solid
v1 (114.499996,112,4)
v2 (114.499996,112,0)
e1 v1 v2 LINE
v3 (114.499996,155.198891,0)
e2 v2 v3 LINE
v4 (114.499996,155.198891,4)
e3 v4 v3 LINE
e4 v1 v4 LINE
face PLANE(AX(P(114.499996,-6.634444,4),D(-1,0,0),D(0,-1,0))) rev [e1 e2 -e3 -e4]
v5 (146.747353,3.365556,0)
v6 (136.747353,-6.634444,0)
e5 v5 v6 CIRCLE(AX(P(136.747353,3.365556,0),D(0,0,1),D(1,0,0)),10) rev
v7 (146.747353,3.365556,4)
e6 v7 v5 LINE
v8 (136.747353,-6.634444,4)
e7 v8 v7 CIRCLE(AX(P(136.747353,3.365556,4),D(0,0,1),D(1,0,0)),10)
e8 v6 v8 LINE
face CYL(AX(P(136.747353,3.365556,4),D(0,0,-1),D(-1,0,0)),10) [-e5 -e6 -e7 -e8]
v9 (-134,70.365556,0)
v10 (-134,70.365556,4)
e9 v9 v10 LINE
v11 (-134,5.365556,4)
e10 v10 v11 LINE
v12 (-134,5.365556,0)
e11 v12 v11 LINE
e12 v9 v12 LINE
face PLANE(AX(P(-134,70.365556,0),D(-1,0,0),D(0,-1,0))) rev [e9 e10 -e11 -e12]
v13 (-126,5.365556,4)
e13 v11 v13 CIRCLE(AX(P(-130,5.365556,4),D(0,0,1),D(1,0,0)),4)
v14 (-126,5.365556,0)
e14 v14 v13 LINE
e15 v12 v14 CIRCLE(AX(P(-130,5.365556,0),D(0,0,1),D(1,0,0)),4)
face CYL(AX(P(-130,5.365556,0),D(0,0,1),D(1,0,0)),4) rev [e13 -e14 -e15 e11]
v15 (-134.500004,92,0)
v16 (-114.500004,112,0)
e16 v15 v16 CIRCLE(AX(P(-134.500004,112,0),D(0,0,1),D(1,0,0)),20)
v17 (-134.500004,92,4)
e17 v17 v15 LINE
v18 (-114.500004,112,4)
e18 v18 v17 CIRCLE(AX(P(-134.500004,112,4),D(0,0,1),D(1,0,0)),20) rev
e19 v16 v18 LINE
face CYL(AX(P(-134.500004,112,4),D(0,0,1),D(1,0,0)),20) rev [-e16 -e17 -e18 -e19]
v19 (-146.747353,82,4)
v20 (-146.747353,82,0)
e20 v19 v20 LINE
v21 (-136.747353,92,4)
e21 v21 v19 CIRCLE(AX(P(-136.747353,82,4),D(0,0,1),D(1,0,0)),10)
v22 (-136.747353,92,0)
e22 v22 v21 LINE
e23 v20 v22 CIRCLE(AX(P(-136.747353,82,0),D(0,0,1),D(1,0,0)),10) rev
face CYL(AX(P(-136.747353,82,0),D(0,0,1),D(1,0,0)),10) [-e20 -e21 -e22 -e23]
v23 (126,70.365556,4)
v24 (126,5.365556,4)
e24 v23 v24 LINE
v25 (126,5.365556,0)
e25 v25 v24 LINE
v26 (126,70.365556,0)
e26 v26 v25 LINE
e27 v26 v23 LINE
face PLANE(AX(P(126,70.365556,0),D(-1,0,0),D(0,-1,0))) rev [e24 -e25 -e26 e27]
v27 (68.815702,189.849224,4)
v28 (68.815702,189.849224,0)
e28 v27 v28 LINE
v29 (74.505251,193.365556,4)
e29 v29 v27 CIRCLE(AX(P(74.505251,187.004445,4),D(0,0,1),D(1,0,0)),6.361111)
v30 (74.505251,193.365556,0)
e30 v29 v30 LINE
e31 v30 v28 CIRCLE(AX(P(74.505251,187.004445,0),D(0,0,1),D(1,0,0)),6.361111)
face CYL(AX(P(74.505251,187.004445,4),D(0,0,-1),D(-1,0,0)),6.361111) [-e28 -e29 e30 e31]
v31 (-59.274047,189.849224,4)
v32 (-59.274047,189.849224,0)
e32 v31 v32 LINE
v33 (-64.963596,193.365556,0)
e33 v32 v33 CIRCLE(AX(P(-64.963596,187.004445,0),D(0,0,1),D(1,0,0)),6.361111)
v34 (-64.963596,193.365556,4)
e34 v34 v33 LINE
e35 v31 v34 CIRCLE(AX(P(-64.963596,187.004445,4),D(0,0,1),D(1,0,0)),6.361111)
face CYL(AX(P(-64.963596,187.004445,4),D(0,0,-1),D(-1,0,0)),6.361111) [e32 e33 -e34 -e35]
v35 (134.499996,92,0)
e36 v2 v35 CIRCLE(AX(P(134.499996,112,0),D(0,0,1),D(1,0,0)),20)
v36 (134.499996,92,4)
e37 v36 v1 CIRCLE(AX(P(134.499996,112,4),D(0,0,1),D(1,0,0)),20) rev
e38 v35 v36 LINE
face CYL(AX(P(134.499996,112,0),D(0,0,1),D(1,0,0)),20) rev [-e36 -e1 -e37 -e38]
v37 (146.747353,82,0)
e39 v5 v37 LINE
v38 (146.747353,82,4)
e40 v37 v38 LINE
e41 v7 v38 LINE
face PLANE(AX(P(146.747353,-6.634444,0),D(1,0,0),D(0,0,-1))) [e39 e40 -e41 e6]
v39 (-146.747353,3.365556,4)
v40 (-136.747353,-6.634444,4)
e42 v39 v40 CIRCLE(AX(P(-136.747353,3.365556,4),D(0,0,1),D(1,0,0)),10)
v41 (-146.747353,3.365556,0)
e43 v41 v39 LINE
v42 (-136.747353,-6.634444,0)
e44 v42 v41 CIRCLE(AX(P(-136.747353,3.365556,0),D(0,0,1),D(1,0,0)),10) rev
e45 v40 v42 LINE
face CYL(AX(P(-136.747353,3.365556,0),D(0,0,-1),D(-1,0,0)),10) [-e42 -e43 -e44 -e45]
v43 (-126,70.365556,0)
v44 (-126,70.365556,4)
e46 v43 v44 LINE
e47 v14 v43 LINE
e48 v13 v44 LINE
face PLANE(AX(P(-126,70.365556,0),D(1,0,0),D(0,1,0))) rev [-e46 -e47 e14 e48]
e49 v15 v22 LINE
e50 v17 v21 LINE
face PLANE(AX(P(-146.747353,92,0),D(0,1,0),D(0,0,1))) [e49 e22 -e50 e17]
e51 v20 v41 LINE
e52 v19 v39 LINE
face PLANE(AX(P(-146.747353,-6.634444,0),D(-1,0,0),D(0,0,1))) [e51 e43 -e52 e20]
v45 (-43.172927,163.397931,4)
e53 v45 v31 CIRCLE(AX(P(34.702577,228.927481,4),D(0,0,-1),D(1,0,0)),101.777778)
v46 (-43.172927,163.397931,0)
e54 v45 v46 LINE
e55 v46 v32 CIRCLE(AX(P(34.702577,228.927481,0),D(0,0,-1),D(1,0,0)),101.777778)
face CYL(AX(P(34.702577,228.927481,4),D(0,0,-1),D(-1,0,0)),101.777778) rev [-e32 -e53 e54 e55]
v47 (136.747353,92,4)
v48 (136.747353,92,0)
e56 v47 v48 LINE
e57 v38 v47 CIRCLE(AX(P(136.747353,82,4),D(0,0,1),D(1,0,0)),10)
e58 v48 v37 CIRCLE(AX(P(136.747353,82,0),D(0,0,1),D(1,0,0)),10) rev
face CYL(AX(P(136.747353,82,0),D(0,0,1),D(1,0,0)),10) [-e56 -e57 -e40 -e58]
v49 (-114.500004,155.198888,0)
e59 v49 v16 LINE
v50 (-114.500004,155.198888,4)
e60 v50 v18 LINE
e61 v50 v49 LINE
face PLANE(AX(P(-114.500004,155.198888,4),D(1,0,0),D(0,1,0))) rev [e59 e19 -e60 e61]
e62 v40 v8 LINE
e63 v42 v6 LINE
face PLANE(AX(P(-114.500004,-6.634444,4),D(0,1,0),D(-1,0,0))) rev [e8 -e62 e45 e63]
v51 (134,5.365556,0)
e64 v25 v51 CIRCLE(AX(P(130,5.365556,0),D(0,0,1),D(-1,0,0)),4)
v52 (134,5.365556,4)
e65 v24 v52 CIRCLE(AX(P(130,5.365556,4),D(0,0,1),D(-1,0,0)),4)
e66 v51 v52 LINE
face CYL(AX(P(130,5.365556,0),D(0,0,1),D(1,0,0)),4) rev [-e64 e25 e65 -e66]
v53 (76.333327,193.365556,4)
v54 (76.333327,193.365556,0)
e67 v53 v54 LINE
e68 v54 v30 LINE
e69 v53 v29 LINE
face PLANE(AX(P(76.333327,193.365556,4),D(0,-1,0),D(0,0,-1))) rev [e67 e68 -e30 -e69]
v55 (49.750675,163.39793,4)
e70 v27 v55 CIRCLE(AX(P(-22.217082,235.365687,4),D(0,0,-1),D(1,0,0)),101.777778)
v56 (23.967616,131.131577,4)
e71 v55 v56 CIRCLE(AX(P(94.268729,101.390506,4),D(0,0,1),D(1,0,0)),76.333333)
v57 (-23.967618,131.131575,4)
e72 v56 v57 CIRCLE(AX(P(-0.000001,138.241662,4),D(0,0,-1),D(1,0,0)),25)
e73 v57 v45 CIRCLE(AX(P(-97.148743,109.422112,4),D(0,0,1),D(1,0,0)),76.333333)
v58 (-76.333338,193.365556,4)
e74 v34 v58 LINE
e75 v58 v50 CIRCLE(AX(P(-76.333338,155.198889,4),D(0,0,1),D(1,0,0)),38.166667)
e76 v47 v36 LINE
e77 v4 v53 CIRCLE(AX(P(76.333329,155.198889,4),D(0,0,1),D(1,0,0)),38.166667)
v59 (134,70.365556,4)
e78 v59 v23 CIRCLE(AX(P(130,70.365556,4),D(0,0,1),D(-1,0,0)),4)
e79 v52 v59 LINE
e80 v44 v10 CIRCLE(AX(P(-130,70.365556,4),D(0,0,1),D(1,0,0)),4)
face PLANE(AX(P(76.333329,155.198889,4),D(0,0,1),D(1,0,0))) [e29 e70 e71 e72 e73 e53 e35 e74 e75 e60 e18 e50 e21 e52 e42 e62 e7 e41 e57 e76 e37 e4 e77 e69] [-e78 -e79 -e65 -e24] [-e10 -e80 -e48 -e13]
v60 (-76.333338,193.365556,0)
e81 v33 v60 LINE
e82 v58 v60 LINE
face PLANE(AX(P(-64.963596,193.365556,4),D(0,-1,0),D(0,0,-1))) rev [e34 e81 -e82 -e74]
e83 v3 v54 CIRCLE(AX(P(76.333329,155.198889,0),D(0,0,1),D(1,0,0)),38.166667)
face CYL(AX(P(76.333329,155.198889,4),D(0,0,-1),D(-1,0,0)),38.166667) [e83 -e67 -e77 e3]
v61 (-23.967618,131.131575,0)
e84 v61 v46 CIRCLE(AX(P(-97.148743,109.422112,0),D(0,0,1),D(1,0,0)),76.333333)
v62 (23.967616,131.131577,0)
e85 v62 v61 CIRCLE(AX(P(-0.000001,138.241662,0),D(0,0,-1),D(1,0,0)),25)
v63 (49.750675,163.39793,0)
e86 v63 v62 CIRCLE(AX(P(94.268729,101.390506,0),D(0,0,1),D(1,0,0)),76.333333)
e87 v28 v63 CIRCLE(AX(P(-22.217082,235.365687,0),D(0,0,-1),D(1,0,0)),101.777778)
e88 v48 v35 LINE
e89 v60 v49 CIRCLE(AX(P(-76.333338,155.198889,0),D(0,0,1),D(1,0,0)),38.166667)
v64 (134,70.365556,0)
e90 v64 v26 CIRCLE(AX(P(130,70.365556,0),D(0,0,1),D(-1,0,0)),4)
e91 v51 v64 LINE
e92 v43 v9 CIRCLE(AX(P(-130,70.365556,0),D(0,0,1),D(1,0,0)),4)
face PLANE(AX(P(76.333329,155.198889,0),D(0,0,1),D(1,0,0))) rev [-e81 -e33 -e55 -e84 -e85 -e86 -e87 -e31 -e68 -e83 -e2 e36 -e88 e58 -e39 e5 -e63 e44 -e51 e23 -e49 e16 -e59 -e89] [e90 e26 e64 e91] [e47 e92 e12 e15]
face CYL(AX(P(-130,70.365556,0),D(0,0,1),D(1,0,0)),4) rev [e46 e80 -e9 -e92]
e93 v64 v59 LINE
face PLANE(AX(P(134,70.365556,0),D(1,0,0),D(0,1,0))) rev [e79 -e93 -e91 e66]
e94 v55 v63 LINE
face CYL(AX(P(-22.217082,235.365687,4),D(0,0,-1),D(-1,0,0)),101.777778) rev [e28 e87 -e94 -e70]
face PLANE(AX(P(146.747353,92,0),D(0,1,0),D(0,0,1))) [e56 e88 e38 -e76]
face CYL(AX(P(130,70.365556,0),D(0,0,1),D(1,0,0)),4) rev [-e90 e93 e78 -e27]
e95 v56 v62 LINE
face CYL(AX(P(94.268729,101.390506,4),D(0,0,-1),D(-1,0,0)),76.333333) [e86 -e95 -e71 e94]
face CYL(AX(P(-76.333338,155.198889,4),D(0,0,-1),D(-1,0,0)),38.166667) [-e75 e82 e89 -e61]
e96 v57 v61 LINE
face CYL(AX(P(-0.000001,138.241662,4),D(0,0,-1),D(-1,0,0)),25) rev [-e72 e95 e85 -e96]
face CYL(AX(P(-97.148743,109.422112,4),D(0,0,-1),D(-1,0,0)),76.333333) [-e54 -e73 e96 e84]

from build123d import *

# Parameters (mm, degrees)
BOSS_EXTRUDE1_DEPTH = 4
SKETCH3_W           = 32.247348798
SKETCH3_H           = 98.634443856
BOSS_EXTRUDE2_DEPTH = 4
FILLET1_R           = 10
FILLET2_R           = 20


with BuildPart() as part:
    # Sketch2 → Boss-Extrude1 (new body)
    with BuildSketch(Plane.XY):
        with BuildLine():
            Line((76.333327253, 193.365556144), (74.505250646, 193.365556144))
            ThreePointArc((74.505250646, 193.365556144), (71.161018329, 192.415530393), (68.815701693, 189.849223982))
            ThreePointArc((68.815701693, 189.849223982), (60.349326569, 175.855147798), (49.750675278, 163.39793034))
            ThreePointArc((49.750675278, 163.39793034), (34.635352262, 149.04171936), (23.967616463, 131.131577079))
            ThreePointArc((23.967616463, 131.131577079), (-2.91e-07, 113.241661662), (-23.967618369, 131.131575305))
            ThreePointArc((-23.967618369, 131.131575305), (-31.555288195, 148.464095417), (-43.172927111, 163.397931257))
            ThreePointArc((-43.172927111, 163.397931257), (-52.235367622, 176.00763771), (-59.274047079, 189.849224193))
            ThreePointArc((-59.274047079, 189.849224193), (-61.61936371, 192.415530455), (-64.963595927, 193.365556144))
            Line((-64.963595927, 193.365556144), (-76.333338023, 193.365556144))
            ThreePointArc((-76.333338023, 193.365556144), (-103.321247, 182.186797795), (-114.500004355, 155.198888406))
            Line((-114.500004355, 155.198888406), (-114.500004355, -6.634443856))
            Line((-114.500004355, -6.634443856), (114.49999565, -6.634443856))
            Line((114.49999565, -6.634443856), (114.49999565, 155.198890546))
            ThreePointArc((114.49999565, 155.198890546), (103.321236808, 182.186799282), (76.333327253, 193.365556144))
        make_face()
    extrude(amount=BOSS_EXTRUDE1_DEPTH)


with BuildPart() as boss_extrude2_tool:
    # Sketch3 → Boss-Extrude2 (new body)
    # profile 1 of 2: a face of its own
    with BuildSketch(Plane.XY.offset(4)):
        with Locations((-130.623678754, 42.682778072)):
            Rectangle(SKETCH3_W, SKETCH3_H)
        with BuildLine():
            Line((-125.999999998, 70.365556144), (-125.999999998, 5.365556144))
            ThreePointArc((-125.999999998, 5.365556144), (-129.999999998, 1.365556144), (-133.999999998, 5.365556144))
            Line((-133.999999998, 5.365556144), (-133.999999998, 70.365556144))
            ThreePointArc((-133.999999998, 70.365556144), (-129.999999998, 74.365556144), (-125.999999998, 70.365556144))
        make_face(mode=Mode.SUBTRACT)
    # profile 2 of 2: a face of its own
    with BuildSketch(Plane.XY.offset(4)):
        Polygon((114.500004355, 92), (114.49999565, -6.634443856), (146.747353153, -6.634443856), (146.747353153, 92), align=None)
        with BuildLine():
            Line((125.999999998, 70.365556144), (125.999999998, 5.365556144))
            ThreePointArc((125.999999998, 5.365556144), (129.999999998, 1.365556144), (133.999999998, 5.365556144))
            Line((133.999999998, 5.365556144), (133.999999998, 70.365556144))
            ThreePointArc((133.999999998, 70.365556144), (129.999999998, 74.365556144), (125.999999998, 70.365556144))
        make_face(mode=Mode.SUBTRACT)
    extrude(amount=-BOSS_EXTRUDE2_DEPTH)


with BuildPart() as part_1:
    add(part.part)


with BuildPart() as part_2:
    # Boss-Extrude2: joined with boss_extrude2_tool
    add(part_1.part.fuse(boss_extrude2_tool.part, tol=0.00001))

    # Fillet1
    fillet1_edges = [part_2.edges().sort_by_distance(p)[0] for p in [
        (146.747353153, 92, 2),
        (146.747353153, -6.634443856, 2),
        (-146.747353153, -6.634443856, 2),
        (-146.747353153, 92, 2),
    ]]
    fillet(fillet1_edges, radius=FILLET1_R)

    # Fillet2
    fillet2_edges = [part_2.edges().sort_by_distance(p)[0] for p in [
        (-114.500004355, 92, 2),
        (114.500004355, 92, 2),
    ]]
    fillet(fillet2_edges, radius=FILLET2_R)


solid = part_2.part
